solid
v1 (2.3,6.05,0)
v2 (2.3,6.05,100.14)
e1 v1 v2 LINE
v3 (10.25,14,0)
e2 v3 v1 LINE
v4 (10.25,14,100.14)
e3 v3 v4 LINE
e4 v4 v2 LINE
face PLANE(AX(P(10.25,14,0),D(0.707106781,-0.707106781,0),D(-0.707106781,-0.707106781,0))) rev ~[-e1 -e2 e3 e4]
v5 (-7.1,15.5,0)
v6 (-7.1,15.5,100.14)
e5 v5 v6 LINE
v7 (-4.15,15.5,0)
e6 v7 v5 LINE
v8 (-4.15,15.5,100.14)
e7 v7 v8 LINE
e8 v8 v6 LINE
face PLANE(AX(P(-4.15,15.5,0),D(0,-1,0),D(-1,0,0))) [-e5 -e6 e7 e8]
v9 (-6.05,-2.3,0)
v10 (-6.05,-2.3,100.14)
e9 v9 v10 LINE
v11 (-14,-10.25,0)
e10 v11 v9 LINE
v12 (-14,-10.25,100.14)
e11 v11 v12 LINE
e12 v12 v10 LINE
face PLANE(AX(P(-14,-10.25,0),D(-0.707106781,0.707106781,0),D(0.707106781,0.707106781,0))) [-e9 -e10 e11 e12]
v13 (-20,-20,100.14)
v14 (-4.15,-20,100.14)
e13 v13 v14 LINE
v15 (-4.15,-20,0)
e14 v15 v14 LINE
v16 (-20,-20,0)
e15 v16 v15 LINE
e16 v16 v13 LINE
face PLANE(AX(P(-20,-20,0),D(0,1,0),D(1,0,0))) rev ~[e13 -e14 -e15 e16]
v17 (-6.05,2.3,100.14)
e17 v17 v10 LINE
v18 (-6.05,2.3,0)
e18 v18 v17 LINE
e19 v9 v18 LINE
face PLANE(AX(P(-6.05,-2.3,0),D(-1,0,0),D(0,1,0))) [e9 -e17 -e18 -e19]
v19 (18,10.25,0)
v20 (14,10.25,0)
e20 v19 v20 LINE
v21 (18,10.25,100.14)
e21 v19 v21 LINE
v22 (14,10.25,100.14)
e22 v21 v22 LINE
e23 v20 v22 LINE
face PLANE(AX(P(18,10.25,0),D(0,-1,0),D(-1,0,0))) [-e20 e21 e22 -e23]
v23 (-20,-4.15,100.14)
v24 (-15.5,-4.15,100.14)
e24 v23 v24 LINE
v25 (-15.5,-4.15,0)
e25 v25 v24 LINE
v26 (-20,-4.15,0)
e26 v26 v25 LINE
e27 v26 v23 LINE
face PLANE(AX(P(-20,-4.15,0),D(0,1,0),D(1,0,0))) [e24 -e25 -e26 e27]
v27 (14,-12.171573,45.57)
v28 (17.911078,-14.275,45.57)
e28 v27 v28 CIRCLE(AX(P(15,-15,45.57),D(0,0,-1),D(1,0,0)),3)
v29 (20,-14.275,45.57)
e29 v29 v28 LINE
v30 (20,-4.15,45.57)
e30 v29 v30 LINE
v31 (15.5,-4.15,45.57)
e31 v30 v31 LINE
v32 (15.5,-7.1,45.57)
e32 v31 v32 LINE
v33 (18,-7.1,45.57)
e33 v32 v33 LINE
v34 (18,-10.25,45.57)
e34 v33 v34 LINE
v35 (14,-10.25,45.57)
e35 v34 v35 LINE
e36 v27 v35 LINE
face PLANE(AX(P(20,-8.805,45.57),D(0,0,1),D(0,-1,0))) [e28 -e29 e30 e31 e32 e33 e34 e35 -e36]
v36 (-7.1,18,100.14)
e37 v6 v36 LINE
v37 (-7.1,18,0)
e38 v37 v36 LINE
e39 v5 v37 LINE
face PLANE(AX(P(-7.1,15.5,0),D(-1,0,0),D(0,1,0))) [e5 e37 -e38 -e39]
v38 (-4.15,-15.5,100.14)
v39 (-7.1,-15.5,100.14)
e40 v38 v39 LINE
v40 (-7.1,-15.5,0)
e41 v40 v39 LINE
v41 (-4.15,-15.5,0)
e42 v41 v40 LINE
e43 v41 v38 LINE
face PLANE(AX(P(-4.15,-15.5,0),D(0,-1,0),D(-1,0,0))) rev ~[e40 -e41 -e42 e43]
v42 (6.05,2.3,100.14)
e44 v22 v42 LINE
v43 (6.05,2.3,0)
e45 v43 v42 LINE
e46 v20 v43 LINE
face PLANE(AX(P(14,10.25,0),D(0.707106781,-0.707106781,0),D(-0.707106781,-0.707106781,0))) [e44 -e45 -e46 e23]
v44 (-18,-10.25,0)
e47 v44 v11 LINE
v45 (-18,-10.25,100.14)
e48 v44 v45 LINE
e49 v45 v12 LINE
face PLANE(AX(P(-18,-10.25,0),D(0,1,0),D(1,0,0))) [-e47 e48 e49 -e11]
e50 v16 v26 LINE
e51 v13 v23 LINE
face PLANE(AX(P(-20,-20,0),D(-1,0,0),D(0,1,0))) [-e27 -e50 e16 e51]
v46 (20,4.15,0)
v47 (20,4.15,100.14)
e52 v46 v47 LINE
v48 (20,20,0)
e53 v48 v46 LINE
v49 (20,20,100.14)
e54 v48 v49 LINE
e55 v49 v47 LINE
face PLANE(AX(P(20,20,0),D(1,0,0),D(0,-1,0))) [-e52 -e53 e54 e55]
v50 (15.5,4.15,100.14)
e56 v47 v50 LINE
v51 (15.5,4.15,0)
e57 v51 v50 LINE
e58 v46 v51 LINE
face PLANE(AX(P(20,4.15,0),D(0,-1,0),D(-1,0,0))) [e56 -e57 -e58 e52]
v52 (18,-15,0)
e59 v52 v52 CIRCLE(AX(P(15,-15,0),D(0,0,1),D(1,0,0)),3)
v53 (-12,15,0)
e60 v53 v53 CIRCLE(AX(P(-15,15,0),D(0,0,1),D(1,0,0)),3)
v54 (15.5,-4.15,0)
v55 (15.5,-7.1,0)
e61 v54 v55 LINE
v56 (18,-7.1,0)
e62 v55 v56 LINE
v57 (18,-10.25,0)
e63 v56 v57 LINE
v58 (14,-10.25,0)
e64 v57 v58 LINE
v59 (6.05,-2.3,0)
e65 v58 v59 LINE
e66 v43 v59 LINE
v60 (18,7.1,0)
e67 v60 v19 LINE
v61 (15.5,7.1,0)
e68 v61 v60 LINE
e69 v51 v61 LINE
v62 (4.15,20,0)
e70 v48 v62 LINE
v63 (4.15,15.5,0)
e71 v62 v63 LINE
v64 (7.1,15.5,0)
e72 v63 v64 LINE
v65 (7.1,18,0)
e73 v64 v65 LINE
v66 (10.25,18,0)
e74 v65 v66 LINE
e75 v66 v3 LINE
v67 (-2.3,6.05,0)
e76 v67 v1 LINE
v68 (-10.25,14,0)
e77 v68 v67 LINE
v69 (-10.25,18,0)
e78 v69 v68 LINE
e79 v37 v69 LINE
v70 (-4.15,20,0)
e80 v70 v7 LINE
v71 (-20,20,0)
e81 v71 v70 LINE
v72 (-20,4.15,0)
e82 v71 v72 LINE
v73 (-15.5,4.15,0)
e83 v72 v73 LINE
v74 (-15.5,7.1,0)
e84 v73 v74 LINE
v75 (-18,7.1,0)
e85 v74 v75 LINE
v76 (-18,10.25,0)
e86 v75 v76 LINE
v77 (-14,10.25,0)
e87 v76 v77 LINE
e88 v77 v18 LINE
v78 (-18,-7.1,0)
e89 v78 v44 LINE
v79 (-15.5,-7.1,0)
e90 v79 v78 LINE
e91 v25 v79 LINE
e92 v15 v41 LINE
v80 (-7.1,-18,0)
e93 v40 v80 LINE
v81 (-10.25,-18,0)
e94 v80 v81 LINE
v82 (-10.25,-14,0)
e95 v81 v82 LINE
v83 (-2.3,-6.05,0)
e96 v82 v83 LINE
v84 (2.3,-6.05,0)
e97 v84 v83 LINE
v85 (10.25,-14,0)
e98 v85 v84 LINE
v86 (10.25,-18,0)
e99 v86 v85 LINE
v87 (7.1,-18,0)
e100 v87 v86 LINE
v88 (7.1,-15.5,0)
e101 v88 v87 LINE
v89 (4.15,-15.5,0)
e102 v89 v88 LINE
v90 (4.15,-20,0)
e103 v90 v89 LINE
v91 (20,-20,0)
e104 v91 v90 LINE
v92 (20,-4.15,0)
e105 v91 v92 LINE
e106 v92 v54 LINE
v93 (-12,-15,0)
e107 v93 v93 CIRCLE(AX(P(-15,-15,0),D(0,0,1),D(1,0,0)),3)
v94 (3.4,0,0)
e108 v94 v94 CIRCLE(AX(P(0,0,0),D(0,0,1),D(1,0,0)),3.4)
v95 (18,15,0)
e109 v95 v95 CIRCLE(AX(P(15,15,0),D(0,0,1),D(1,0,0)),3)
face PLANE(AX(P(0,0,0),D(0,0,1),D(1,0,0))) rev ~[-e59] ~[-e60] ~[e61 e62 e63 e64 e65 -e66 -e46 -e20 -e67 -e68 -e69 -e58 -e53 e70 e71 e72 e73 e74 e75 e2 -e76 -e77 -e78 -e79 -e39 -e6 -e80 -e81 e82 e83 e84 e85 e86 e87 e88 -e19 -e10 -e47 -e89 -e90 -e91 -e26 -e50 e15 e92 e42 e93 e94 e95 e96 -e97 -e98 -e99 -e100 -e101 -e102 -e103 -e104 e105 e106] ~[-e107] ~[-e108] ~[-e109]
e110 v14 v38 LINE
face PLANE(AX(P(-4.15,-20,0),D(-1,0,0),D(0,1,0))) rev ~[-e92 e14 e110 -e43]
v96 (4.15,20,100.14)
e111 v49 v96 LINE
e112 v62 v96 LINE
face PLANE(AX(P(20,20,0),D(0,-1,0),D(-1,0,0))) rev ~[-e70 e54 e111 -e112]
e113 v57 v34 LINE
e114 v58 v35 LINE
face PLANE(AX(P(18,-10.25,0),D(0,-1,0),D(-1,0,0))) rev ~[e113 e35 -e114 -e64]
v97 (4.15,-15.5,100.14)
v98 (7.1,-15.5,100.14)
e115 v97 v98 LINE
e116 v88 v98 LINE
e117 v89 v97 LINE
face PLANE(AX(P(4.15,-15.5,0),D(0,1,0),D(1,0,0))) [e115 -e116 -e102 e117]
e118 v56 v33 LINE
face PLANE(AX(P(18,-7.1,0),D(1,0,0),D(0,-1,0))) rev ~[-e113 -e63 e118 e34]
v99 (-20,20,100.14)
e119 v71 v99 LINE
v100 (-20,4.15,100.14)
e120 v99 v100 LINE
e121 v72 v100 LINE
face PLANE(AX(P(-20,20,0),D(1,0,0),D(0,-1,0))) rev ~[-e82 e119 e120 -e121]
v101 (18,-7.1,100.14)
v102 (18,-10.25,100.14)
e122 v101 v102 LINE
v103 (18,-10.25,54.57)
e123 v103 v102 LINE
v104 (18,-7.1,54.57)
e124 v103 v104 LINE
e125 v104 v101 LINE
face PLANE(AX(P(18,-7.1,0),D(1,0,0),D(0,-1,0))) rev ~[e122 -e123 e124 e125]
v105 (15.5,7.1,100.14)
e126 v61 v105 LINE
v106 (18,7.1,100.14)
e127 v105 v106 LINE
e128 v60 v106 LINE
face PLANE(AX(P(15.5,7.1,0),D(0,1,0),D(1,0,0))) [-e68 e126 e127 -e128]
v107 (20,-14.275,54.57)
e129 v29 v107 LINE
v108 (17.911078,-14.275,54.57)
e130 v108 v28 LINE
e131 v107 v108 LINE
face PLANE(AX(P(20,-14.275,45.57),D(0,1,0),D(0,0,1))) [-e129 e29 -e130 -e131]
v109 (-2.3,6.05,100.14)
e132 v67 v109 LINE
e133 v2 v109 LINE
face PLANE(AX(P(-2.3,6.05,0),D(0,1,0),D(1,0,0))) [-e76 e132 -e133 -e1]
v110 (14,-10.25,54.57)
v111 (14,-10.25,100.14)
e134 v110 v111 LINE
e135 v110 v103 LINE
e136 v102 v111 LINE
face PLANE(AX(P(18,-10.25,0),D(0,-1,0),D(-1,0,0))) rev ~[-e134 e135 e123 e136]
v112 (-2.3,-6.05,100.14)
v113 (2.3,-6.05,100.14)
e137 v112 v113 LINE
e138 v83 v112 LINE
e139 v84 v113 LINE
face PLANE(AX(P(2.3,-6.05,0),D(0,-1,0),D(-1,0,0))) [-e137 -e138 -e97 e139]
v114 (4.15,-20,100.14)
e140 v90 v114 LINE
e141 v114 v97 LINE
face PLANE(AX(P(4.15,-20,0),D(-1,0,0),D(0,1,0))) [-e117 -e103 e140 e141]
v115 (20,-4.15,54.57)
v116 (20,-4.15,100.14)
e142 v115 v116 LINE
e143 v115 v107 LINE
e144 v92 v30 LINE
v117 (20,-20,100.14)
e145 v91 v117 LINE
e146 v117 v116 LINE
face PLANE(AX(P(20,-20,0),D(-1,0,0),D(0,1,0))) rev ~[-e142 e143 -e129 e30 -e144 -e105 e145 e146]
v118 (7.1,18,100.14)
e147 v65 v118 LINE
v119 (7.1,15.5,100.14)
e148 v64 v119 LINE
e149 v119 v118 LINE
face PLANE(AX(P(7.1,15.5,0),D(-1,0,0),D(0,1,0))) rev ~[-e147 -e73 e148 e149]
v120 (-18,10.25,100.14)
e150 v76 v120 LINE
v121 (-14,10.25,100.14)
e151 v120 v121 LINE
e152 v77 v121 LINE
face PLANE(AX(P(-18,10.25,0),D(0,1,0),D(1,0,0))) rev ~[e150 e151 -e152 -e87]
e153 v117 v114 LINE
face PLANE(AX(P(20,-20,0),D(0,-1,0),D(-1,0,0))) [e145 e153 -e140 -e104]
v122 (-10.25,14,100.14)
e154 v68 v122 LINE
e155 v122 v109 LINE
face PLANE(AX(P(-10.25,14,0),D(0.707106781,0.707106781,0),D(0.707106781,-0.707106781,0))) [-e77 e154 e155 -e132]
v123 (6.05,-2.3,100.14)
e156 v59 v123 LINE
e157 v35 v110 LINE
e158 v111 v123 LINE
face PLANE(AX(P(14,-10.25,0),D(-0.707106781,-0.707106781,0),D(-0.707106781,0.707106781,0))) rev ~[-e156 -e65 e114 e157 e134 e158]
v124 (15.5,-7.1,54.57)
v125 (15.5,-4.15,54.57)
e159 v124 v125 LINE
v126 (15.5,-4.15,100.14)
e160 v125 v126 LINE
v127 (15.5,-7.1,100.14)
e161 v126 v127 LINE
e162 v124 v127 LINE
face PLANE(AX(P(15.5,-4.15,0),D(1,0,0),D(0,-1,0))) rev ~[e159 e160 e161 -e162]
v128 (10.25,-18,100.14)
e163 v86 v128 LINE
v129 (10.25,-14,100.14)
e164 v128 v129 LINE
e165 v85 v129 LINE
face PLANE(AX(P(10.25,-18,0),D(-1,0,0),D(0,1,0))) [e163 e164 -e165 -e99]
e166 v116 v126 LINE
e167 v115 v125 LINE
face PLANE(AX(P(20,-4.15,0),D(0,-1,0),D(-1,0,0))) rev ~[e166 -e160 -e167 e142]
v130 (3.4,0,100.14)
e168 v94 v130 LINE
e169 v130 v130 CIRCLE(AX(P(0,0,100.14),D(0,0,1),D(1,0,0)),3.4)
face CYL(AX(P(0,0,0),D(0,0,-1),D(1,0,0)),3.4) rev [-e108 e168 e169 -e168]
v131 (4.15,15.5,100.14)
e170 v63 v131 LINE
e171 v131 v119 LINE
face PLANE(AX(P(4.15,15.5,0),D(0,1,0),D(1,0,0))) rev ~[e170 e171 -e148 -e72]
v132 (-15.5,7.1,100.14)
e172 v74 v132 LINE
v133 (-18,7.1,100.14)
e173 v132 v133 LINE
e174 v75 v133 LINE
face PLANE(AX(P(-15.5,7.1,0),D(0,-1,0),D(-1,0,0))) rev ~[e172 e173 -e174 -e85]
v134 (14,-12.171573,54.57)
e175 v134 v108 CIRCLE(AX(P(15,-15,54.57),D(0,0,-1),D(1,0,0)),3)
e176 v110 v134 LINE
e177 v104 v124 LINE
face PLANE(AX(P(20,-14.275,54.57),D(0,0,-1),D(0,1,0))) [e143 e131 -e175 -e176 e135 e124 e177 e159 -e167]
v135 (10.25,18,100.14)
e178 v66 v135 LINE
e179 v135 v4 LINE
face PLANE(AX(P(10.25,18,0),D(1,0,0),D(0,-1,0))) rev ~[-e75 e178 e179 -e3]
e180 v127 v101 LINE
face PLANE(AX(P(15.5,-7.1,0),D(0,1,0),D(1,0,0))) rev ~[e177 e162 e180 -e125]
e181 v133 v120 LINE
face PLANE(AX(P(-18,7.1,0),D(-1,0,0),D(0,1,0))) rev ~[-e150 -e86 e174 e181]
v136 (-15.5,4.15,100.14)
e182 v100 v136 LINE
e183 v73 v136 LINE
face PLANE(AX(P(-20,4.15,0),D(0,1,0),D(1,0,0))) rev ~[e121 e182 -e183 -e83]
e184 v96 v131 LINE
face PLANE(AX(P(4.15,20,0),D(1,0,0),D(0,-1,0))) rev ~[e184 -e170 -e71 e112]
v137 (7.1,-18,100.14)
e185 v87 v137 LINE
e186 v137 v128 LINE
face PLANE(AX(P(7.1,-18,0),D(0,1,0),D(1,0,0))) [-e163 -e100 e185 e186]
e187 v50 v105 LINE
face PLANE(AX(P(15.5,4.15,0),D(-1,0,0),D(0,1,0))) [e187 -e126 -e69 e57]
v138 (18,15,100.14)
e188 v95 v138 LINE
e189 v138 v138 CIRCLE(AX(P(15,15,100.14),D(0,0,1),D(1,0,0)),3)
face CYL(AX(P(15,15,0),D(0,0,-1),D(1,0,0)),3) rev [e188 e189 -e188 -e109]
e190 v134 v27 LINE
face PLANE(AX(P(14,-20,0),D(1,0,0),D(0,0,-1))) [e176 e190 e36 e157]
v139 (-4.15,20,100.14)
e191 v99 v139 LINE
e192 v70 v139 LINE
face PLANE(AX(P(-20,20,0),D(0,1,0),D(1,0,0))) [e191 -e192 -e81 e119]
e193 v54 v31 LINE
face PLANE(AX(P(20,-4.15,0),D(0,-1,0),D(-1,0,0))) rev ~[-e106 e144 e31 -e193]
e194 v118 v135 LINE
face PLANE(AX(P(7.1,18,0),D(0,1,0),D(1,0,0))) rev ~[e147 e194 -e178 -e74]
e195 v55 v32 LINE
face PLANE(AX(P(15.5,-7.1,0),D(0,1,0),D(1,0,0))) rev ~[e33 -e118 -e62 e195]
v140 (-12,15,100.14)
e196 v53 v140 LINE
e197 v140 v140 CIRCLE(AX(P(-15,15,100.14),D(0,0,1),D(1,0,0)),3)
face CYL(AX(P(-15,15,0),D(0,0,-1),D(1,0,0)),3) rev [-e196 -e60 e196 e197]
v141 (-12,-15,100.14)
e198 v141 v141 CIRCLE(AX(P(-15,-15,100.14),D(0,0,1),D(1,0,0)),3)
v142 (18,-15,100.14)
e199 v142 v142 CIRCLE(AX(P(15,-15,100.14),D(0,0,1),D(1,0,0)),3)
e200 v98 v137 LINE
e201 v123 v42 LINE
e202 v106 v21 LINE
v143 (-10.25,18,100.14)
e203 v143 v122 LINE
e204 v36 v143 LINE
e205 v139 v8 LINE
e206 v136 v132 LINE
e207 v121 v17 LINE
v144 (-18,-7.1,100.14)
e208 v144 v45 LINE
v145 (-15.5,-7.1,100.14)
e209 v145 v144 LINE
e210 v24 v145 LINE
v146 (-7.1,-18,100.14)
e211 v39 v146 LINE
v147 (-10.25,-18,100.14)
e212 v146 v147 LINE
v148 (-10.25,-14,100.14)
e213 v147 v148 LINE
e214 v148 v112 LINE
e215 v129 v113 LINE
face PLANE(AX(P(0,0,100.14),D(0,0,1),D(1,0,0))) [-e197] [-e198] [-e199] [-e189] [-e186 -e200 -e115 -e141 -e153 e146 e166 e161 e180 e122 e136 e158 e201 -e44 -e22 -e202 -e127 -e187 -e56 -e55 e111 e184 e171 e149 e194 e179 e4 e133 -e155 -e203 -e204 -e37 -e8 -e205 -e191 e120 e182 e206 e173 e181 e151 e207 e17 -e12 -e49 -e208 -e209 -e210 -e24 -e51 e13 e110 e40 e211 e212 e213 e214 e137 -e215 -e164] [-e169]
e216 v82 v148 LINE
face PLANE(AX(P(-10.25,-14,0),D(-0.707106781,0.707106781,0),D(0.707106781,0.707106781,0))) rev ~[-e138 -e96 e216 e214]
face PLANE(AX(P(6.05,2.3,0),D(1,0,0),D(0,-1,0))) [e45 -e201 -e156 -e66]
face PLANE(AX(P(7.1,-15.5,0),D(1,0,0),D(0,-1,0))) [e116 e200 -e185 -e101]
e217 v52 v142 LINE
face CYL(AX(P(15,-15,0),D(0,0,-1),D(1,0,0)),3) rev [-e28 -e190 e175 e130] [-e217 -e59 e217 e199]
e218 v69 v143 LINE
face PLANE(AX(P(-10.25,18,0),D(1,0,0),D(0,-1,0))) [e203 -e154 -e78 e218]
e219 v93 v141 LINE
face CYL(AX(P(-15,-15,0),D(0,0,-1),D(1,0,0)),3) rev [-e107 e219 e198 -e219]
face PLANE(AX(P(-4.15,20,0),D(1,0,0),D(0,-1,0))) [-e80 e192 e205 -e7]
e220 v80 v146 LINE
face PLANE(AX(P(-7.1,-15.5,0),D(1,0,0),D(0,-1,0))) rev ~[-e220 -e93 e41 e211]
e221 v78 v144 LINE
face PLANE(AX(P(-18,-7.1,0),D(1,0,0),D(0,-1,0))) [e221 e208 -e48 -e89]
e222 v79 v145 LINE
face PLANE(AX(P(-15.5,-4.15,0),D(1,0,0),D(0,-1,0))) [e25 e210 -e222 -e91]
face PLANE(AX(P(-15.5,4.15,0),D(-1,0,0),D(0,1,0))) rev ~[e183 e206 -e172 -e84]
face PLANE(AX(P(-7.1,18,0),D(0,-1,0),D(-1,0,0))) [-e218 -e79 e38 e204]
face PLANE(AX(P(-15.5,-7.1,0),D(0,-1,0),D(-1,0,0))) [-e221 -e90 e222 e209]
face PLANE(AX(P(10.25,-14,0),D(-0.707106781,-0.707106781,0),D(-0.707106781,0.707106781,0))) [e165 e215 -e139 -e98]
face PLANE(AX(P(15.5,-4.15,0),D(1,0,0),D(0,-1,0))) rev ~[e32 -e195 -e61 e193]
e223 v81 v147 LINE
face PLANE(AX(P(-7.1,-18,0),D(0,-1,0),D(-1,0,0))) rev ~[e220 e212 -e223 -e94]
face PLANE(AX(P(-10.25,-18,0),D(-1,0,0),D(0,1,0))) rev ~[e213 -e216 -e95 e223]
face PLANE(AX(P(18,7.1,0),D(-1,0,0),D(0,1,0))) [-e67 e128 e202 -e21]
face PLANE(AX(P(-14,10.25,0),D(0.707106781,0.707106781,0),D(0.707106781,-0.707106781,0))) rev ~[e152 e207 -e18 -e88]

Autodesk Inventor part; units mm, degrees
ref_plane "YZ Plane" through (0, 0, 0) normal (1, 0, 0) x (0, 1, 0)
ref_plane "XZ Plane" through (0, 0, 0) normal (0, 1, 0) x (-1, 0, 0)
ref_plane "XY Plane" through (0, 0, 0) normal (0, 0, 1) x (1, 0, 0)
sketch "Sketch1" plane through (0, 0, 0) normal (0, 0, 1) x (1, 0, 0)
  circle A0 centre (0, 0) radius 3.4
  line L0 (0, 0) -> (20, 20) construction
  line L1 (0, 0) -> (28.2843, 0) construction
  line L2 (20, 20) -> (4.15, 20)
  line L3 (4.15, 20) -> (4.15, 15.5)
  line L4 (4.15, 15.5) -> (7.1, 15.5)
  line L5 (7.1, 15.5) -> (7.1, 18)
  line L6 (7.1, 18) -> (10.25, 18)
  line L7 (10.25, 18) -> (10.25, 14)
  line L8 (0, 0) -> (0, 26.1056) construction
  line L9 (10.25, 14) -> (2.3, 6.05)
  line L10 (2.3, 6.05) -> (0, 6.05)
  circle A1 centre (15, 15) radius 3
  line L11 (20, 20) -> (20, 4.15)
  line L12 (20, 4.15) -> (15.5, 4.15)
  line L13 (15.5, 4.15) -> (15.5, 7.1)
  line L14 (15.5, 7.1) -> (18, 7.1)
  line L15 (18, 7.1) -> (18, 10.25)
  line L16 (18, 10.25) -> (14, 10.25)
  line L17 (14, 10.25) -> (6.05, 2.3)
  line L18 (6.05, 2.3) -> (6.05, 0)
  line L19 (-2.3, 6.05) -> (0, 6.05)
  line L20 (-10.25, 14) -> (-2.3, 6.05)
  line L21 (-10.25, 18) -> (-10.25, 14)
  line L22 (-4.15, 15.5) -> (-7.1, 15.5)
  line L23 (-7.1, 15.5) -> (-7.1, 18)
  line L24 (-7.1, 18) -> (-10.25, 18)
  line L25 (-4.15, 20) -> (-4.15, 15.5)
  line L26 (-20, 20) -> (-4.15, 20)
  circle A2 centre (-15, 15) radius 3
  line L27 (-20, 20) -> (-20, 4.15)
  line L28 (-14, 10.25) -> (-6.05, 2.3)
  line L29 (-18, 7.1) -> (-18, 10.25)
  line L30 (-18, 10.25) -> (-14, 10.25)
  line L31 (-20, 4.15) -> (-15.5, 4.15)
  line L32 (-15.5, 4.15) -> (-15.5, 7.1)
  line L33 (-15.5, 7.1) -> (-18, 7.1)
  line L34 (-6.05, 2.3) -> (-6.05, 0)
  line L35 (-6.05, -2.3) -> (-6.05, 0)
  line L36 (-14, -10.25) -> (-6.05, -2.3)
  line L37 (-18, -10.25) -> (-14, -10.25)
  line L38 (-15.5, -4.15) -> (-15.5, -7.1)
  line L39 (-15.5, -7.1) -> (-18, -7.1)
  line L40 (-18, -7.1) -> (-18, -10.25)
  line L41 (-20, -4.15) -> (-15.5, -4.15)
  line L42 (-20, -20) -> (-20, -4.15)
  circle A3 centre (-15, -15) radius 3
  line L43 (-20, -20) -> (-4.15, -20)
  line L44 (-10.25, -14) -> (-2.3, -6.05)
  line L45 (-7.1, -18) -> (-10.25, -18)
  line L46 (-10.25, -18) -> (-10.25, -14)
  line L47 (-4.15, -20) -> (-4.15, -15.5)
  line L48 (-4.15, -15.5) -> (-7.1, -15.5)
  line L49 (-7.1, -15.5) -> (-7.1, -18)
  line L50 (-2.3, -6.05) -> (0, -6.05)
  line L51 (2.3, -6.05) -> (0, -6.05)
  line L52 (10.25, -14) -> (2.3, -6.05)
  line L53 (10.25, -18) -> (10.25, -14)
  line L54 (4.15, -15.5) -> (7.1, -15.5)
  line L55 (7.1, -15.5) -> (7.1, -18)
  line L56 (7.1, -18) -> (10.25, -18)
  line L57 (4.15, -20) -> (4.15, -15.5)
  line L58 (20, -20) -> (4.15, -20)
  circle A4 centre (15, -15) radius 3
  line L59 (20, -20) -> (20, -4.15)
  line L60 (14, -10.25) -> (6.05, -2.3)
  line L61 (18, -7.1) -> (18, -10.25)
  line L62 (18, -10.25) -> (14, -10.25)
  line L63 (20, -4.15) -> (15.5, -4.15)
  line L64 (15.5, -4.15) -> (15.5, -7.1)
  line L65 (15.5, -7.1) -> (18, -7.1)
  line L66 (6.05, -2.3) -> (6.05, 0)
  point P0 (0, 6.05)
  point P1 (-6.05, 0)
  point P2 (0, -6.05)
  dimension "d0" = 6.8
  dimension "d1" = 45
  dimension "d2" = 20
  dimension "d3" = 6
  dimension "d4" = 15
  dimension "d5" = 10.25
  dimension "d6" = 7.1
  dimension "d7" = 4.15
  dimension "d8" = 4.5
  dimension "d9" = 2
  dimension "d10" = 13.95
  dimension "d11" = 6
  dimension "d14" = 360
extrude "Extrusion1" add sketch "Sketch1" along normal blind 100.14
ref_plane "Work Plane1" through (0, 0, 50.07) normal (0, 0, 1) x (1, 0, 0)
sketch "Sketch2" plane through (20, -20, 0) normal (1, 0, 0) x (0, 0, -1)
  line L0 (-45.845, 6) -> (-45.845, 10.92) projected
  line L1 (-45.845, 10.92) -> (-54.295, 10.92) projected
  line L2 (-54.295, 10.92) -> (-54.295, 6) projected
  line L3 (-54.295, 6) -> (-45.845, 6) projected
  line L4 (-45.57, 11.195) -> (-45.57, 5.725)
  line L5 (-45.57, 5.725) -> (-54.57, 5.725)
  line L6 (-54.57, 5.725) -> (-54.57, 11.195)
  line L7 (-54.57, 11.195) -> (-45.57, 11.195)
  line L8 (0, 15.85) -> (-100.14, 15.85) projected
  line L9 (-54.57, 11.195) -> (-54.57, 15.85)
  line L10 (-45.57, 11.195) -> (-45.57, 15.85)
  point P0 (0, 20)
  dimension "d18" = 0.275
extrude "Extrusion2" cut sketch "Sketch2" against normal blind 6 contours L3 L2 L1 L0 | L4 L5 L6 L7 | L7 L9 L8 L10
properties part number "Aluminum_Profile_4040_100.14mm_top" material "Aluminum 6061-AHC"
